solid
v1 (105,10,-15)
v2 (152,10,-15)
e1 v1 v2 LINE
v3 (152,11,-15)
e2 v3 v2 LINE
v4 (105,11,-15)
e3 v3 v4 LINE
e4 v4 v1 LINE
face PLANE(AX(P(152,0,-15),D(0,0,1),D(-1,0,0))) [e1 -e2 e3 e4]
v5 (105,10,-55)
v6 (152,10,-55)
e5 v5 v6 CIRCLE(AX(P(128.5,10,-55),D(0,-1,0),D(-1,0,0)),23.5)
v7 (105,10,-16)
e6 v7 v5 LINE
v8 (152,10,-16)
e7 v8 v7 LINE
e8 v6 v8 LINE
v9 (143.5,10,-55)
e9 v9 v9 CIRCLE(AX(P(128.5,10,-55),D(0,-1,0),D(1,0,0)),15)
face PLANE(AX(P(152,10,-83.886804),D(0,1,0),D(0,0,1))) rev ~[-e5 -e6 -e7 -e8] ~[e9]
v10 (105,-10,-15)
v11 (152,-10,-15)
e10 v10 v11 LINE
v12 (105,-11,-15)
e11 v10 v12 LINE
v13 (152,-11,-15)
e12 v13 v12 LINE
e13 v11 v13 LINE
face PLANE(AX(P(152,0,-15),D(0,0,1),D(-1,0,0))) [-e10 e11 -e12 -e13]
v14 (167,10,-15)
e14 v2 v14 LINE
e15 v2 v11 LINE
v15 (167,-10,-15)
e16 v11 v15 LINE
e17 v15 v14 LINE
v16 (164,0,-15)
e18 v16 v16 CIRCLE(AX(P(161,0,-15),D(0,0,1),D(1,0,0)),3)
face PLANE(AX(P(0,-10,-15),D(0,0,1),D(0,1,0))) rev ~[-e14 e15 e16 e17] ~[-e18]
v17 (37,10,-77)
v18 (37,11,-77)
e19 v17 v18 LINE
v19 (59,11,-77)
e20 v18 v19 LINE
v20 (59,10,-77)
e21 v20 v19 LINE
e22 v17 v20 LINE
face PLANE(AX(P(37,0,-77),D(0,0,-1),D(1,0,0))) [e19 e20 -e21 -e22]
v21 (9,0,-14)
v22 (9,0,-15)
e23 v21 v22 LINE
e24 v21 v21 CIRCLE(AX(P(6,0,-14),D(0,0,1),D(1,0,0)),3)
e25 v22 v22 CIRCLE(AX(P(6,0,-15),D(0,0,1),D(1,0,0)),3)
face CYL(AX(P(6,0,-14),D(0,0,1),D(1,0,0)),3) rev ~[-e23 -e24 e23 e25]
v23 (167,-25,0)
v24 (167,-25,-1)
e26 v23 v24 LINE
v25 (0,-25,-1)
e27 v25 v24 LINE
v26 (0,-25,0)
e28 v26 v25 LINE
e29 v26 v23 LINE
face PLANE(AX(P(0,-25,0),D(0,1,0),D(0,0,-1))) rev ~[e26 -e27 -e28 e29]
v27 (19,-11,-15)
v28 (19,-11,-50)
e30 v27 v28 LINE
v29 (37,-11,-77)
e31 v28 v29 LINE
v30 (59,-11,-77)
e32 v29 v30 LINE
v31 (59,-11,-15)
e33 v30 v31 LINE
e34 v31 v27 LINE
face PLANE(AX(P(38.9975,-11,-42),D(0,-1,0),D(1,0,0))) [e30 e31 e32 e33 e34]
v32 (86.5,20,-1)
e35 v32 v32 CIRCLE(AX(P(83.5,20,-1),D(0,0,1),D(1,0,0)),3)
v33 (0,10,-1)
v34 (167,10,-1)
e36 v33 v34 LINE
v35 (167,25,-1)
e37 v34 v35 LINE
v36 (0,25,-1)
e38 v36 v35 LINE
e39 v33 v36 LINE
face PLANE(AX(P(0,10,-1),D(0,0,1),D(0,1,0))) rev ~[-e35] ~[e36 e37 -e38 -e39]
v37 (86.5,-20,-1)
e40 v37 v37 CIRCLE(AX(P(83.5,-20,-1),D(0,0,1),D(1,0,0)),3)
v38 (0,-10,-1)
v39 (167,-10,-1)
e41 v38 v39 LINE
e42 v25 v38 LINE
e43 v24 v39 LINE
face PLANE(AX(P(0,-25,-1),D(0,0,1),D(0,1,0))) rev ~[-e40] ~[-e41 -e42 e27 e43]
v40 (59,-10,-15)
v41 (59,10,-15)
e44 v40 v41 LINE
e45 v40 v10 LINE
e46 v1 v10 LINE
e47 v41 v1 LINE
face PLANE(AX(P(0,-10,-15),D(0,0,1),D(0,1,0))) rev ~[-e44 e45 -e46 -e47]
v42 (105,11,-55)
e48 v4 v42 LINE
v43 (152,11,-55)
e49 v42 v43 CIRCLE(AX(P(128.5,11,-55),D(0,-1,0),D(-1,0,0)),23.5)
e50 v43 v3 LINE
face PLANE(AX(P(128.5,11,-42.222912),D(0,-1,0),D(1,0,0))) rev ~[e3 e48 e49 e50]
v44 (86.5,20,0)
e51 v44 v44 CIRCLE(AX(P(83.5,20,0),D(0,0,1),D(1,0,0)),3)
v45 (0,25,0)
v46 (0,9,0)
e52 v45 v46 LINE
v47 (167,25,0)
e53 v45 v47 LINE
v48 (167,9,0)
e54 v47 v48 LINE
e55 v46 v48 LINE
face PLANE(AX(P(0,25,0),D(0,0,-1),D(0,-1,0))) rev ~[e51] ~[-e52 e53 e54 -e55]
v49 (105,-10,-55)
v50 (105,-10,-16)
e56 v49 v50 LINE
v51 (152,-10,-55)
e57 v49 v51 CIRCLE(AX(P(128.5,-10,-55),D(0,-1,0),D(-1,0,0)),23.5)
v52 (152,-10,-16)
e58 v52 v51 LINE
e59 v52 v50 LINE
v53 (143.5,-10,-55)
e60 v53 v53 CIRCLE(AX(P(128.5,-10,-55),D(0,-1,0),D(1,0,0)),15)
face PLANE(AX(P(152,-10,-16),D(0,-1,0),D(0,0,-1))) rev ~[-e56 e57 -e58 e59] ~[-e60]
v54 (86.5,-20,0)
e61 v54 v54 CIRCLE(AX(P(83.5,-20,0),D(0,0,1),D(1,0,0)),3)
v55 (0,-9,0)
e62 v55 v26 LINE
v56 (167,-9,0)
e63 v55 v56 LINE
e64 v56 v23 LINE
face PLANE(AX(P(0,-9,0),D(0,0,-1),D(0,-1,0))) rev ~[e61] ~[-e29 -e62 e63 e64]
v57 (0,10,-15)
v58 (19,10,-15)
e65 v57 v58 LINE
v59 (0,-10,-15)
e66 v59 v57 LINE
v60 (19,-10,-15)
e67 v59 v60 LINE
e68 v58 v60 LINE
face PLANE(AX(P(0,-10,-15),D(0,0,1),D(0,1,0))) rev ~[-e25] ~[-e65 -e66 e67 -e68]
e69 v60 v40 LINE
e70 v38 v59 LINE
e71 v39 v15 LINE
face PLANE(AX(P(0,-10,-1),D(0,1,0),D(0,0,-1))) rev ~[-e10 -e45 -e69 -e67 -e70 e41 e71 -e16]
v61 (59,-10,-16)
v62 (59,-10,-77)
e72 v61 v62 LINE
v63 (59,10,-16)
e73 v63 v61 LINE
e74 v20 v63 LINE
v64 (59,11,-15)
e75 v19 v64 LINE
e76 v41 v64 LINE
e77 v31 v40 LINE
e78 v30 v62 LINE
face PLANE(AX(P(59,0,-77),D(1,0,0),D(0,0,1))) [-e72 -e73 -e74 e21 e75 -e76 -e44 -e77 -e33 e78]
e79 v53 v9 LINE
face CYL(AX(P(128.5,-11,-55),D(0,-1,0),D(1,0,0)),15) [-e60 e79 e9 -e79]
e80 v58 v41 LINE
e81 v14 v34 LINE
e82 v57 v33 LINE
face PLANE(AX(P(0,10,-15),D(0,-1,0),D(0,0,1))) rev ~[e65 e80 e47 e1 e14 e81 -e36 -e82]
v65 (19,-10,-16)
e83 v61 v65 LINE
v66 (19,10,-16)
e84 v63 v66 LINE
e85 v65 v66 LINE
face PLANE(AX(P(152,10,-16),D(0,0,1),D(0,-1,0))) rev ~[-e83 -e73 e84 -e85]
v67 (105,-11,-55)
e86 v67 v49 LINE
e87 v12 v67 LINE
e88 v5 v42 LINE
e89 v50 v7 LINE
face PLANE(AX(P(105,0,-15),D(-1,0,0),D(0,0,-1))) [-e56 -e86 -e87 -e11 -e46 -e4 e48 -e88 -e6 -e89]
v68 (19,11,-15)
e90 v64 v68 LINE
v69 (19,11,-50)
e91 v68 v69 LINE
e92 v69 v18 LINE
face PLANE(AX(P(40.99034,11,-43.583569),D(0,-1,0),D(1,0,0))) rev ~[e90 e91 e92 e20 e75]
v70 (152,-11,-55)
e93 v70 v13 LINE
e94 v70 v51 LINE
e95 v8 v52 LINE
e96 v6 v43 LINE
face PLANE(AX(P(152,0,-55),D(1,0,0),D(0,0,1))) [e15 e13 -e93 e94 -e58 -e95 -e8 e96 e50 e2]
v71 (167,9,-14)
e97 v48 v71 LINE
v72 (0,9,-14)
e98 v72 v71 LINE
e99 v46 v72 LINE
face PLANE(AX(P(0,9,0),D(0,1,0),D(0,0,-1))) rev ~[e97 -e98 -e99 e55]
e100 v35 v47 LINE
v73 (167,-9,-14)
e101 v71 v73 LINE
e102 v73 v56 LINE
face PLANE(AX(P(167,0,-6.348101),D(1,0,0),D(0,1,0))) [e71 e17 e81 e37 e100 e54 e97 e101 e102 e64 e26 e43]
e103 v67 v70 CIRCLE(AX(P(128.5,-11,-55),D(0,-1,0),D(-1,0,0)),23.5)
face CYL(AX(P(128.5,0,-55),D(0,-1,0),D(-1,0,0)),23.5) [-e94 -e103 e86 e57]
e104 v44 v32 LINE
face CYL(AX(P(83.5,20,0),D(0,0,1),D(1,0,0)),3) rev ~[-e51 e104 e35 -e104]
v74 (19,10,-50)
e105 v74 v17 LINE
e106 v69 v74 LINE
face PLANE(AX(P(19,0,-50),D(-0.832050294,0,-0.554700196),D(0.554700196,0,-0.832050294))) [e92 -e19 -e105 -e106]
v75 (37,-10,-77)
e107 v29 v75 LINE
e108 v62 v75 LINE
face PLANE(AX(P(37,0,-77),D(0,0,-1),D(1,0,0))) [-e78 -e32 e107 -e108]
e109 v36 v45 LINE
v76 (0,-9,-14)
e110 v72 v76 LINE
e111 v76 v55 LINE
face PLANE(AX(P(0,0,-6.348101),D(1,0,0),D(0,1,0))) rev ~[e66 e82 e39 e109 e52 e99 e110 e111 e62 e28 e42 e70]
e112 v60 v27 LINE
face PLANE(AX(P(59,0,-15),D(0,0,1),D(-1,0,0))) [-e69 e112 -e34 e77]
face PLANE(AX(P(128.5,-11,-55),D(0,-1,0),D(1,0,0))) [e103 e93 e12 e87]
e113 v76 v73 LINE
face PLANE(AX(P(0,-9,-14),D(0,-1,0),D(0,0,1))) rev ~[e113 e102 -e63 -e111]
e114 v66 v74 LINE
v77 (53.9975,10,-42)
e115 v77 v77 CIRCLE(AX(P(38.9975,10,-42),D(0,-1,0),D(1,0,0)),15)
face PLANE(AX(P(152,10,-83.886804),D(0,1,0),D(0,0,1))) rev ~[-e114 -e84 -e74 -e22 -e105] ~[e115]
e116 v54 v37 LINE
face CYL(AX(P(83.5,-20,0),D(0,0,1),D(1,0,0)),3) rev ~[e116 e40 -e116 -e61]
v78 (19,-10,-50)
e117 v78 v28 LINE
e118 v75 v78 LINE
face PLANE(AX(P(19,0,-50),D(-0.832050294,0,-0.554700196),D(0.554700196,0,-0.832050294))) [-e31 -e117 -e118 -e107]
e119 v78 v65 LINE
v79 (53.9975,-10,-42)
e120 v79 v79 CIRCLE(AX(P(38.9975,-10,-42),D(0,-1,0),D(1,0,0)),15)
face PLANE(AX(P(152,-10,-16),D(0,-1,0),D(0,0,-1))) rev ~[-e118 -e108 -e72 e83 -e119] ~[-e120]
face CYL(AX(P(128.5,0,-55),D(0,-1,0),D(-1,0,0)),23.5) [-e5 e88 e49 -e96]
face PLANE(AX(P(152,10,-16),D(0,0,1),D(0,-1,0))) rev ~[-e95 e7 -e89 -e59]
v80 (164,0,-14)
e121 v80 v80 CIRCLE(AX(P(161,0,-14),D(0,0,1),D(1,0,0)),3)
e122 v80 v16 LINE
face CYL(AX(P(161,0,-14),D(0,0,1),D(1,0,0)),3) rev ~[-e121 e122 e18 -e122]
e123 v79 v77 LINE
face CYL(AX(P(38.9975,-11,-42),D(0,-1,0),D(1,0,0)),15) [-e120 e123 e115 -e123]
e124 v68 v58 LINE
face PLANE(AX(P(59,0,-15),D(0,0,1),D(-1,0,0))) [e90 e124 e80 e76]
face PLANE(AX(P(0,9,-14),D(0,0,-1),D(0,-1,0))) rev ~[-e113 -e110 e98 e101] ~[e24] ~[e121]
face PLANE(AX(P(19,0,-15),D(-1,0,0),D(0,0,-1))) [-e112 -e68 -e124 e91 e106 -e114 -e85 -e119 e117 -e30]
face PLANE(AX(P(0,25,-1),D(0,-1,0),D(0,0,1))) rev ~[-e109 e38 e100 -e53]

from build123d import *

# Parameters (mm, degrees)
F1_DEPTH  = 167
F3_DEPTH  = 11
F5_DEPTH  = 11
F7_DEPTH  = 152.001
F8_R      = 3
F9_DEPTH  = 78.501
F10_R     = 3
F11_DEPTH = 64.501
F12_R     = 15
F13_DEPTH = 21
F14_R     = 15
F15_DEPTH = 21


with BuildPart() as f1:
    # F0 (on Right) → F1 (new body)
    with BuildSketch(Plane.YZ):
        Polygon((-9, 0), (-25, 0), (-25, -1), (-10, -1), (-10, -15), (0, -15), (10, -15), (10, -1), (25, -1), (25, 0), (9, 0), (9, -14), (0, -14), (-9, -14), align=None)
    extrude(amount=F1_DEPTH)

    # F2 (on Front) → F3 (join, symmetric)
    with BuildSketch(Plane.XZ):
        with BuildLine():
            Line((152, -55), (152, -15))
            Line((152, -15), (105, -15))
            Line((105, -15), (105, -55))
            ThreePointArc((105, -55), (128.5, -78.5), (152, -55))
        make_face()
    extrude(amount=F3_DEPTH, both=True)

    # F4 (on Front) → F5 (join, symmetric)
    with BuildSketch(Plane.XZ):
        Polygon((59, -15), (19, -15), (19, -50), (37, -77), (59, -77), align=None)
    extrude(amount=F5_DEPTH, both=True)

    # F6 (on face) → F7 (cut, through all)
    with BuildSketch(Plane.YZ.offset(152)):
        Polygon((0, -16), (-10, -16), (-10, -83.886804), (0, -83.886804), (10, -83.886804), (10, -16), align=None)
    extrude(amount=-F7_DEPTH, mode=Mode.SUBTRACT)

    # F8 (on face) → F9 (cut, through all)
    with BuildSketch(Plane.XY):
        with Locations((83.5, 20)):
            Circle(F8_R)
        with Locations((83.5, -20)):
            Circle(F8_R)
    extrude(amount=-F9_DEPTH, mode=Mode.SUBTRACT)

    # F10 (on face) → F11 (cut, through all)
    with BuildSketch(Plane.XY.offset(-14)):
        with Locations((161, 0)):
            Circle(F10_R)
        with Locations((6, 0)):
            Circle(F10_R)
    extrude(amount=-F11_DEPTH, mode=Mode.SUBTRACT)

    # F12 (on face) → F13 (join, through all)
    with BuildSketch(Plane.XZ.offset(11)):
        with Locations((128.5, -55)):
            Circle(F12_R)
    extrude(amount=-F13_DEPTH)

    # F14 (on face) → F15 (join, through all)
    with BuildSketch(Plane.XZ.offset(11)):
        with Locations((38.9975, -42)):
            Circle(F14_R)
    extrude(amount=-F15_DEPTH)


solid = f1.part
